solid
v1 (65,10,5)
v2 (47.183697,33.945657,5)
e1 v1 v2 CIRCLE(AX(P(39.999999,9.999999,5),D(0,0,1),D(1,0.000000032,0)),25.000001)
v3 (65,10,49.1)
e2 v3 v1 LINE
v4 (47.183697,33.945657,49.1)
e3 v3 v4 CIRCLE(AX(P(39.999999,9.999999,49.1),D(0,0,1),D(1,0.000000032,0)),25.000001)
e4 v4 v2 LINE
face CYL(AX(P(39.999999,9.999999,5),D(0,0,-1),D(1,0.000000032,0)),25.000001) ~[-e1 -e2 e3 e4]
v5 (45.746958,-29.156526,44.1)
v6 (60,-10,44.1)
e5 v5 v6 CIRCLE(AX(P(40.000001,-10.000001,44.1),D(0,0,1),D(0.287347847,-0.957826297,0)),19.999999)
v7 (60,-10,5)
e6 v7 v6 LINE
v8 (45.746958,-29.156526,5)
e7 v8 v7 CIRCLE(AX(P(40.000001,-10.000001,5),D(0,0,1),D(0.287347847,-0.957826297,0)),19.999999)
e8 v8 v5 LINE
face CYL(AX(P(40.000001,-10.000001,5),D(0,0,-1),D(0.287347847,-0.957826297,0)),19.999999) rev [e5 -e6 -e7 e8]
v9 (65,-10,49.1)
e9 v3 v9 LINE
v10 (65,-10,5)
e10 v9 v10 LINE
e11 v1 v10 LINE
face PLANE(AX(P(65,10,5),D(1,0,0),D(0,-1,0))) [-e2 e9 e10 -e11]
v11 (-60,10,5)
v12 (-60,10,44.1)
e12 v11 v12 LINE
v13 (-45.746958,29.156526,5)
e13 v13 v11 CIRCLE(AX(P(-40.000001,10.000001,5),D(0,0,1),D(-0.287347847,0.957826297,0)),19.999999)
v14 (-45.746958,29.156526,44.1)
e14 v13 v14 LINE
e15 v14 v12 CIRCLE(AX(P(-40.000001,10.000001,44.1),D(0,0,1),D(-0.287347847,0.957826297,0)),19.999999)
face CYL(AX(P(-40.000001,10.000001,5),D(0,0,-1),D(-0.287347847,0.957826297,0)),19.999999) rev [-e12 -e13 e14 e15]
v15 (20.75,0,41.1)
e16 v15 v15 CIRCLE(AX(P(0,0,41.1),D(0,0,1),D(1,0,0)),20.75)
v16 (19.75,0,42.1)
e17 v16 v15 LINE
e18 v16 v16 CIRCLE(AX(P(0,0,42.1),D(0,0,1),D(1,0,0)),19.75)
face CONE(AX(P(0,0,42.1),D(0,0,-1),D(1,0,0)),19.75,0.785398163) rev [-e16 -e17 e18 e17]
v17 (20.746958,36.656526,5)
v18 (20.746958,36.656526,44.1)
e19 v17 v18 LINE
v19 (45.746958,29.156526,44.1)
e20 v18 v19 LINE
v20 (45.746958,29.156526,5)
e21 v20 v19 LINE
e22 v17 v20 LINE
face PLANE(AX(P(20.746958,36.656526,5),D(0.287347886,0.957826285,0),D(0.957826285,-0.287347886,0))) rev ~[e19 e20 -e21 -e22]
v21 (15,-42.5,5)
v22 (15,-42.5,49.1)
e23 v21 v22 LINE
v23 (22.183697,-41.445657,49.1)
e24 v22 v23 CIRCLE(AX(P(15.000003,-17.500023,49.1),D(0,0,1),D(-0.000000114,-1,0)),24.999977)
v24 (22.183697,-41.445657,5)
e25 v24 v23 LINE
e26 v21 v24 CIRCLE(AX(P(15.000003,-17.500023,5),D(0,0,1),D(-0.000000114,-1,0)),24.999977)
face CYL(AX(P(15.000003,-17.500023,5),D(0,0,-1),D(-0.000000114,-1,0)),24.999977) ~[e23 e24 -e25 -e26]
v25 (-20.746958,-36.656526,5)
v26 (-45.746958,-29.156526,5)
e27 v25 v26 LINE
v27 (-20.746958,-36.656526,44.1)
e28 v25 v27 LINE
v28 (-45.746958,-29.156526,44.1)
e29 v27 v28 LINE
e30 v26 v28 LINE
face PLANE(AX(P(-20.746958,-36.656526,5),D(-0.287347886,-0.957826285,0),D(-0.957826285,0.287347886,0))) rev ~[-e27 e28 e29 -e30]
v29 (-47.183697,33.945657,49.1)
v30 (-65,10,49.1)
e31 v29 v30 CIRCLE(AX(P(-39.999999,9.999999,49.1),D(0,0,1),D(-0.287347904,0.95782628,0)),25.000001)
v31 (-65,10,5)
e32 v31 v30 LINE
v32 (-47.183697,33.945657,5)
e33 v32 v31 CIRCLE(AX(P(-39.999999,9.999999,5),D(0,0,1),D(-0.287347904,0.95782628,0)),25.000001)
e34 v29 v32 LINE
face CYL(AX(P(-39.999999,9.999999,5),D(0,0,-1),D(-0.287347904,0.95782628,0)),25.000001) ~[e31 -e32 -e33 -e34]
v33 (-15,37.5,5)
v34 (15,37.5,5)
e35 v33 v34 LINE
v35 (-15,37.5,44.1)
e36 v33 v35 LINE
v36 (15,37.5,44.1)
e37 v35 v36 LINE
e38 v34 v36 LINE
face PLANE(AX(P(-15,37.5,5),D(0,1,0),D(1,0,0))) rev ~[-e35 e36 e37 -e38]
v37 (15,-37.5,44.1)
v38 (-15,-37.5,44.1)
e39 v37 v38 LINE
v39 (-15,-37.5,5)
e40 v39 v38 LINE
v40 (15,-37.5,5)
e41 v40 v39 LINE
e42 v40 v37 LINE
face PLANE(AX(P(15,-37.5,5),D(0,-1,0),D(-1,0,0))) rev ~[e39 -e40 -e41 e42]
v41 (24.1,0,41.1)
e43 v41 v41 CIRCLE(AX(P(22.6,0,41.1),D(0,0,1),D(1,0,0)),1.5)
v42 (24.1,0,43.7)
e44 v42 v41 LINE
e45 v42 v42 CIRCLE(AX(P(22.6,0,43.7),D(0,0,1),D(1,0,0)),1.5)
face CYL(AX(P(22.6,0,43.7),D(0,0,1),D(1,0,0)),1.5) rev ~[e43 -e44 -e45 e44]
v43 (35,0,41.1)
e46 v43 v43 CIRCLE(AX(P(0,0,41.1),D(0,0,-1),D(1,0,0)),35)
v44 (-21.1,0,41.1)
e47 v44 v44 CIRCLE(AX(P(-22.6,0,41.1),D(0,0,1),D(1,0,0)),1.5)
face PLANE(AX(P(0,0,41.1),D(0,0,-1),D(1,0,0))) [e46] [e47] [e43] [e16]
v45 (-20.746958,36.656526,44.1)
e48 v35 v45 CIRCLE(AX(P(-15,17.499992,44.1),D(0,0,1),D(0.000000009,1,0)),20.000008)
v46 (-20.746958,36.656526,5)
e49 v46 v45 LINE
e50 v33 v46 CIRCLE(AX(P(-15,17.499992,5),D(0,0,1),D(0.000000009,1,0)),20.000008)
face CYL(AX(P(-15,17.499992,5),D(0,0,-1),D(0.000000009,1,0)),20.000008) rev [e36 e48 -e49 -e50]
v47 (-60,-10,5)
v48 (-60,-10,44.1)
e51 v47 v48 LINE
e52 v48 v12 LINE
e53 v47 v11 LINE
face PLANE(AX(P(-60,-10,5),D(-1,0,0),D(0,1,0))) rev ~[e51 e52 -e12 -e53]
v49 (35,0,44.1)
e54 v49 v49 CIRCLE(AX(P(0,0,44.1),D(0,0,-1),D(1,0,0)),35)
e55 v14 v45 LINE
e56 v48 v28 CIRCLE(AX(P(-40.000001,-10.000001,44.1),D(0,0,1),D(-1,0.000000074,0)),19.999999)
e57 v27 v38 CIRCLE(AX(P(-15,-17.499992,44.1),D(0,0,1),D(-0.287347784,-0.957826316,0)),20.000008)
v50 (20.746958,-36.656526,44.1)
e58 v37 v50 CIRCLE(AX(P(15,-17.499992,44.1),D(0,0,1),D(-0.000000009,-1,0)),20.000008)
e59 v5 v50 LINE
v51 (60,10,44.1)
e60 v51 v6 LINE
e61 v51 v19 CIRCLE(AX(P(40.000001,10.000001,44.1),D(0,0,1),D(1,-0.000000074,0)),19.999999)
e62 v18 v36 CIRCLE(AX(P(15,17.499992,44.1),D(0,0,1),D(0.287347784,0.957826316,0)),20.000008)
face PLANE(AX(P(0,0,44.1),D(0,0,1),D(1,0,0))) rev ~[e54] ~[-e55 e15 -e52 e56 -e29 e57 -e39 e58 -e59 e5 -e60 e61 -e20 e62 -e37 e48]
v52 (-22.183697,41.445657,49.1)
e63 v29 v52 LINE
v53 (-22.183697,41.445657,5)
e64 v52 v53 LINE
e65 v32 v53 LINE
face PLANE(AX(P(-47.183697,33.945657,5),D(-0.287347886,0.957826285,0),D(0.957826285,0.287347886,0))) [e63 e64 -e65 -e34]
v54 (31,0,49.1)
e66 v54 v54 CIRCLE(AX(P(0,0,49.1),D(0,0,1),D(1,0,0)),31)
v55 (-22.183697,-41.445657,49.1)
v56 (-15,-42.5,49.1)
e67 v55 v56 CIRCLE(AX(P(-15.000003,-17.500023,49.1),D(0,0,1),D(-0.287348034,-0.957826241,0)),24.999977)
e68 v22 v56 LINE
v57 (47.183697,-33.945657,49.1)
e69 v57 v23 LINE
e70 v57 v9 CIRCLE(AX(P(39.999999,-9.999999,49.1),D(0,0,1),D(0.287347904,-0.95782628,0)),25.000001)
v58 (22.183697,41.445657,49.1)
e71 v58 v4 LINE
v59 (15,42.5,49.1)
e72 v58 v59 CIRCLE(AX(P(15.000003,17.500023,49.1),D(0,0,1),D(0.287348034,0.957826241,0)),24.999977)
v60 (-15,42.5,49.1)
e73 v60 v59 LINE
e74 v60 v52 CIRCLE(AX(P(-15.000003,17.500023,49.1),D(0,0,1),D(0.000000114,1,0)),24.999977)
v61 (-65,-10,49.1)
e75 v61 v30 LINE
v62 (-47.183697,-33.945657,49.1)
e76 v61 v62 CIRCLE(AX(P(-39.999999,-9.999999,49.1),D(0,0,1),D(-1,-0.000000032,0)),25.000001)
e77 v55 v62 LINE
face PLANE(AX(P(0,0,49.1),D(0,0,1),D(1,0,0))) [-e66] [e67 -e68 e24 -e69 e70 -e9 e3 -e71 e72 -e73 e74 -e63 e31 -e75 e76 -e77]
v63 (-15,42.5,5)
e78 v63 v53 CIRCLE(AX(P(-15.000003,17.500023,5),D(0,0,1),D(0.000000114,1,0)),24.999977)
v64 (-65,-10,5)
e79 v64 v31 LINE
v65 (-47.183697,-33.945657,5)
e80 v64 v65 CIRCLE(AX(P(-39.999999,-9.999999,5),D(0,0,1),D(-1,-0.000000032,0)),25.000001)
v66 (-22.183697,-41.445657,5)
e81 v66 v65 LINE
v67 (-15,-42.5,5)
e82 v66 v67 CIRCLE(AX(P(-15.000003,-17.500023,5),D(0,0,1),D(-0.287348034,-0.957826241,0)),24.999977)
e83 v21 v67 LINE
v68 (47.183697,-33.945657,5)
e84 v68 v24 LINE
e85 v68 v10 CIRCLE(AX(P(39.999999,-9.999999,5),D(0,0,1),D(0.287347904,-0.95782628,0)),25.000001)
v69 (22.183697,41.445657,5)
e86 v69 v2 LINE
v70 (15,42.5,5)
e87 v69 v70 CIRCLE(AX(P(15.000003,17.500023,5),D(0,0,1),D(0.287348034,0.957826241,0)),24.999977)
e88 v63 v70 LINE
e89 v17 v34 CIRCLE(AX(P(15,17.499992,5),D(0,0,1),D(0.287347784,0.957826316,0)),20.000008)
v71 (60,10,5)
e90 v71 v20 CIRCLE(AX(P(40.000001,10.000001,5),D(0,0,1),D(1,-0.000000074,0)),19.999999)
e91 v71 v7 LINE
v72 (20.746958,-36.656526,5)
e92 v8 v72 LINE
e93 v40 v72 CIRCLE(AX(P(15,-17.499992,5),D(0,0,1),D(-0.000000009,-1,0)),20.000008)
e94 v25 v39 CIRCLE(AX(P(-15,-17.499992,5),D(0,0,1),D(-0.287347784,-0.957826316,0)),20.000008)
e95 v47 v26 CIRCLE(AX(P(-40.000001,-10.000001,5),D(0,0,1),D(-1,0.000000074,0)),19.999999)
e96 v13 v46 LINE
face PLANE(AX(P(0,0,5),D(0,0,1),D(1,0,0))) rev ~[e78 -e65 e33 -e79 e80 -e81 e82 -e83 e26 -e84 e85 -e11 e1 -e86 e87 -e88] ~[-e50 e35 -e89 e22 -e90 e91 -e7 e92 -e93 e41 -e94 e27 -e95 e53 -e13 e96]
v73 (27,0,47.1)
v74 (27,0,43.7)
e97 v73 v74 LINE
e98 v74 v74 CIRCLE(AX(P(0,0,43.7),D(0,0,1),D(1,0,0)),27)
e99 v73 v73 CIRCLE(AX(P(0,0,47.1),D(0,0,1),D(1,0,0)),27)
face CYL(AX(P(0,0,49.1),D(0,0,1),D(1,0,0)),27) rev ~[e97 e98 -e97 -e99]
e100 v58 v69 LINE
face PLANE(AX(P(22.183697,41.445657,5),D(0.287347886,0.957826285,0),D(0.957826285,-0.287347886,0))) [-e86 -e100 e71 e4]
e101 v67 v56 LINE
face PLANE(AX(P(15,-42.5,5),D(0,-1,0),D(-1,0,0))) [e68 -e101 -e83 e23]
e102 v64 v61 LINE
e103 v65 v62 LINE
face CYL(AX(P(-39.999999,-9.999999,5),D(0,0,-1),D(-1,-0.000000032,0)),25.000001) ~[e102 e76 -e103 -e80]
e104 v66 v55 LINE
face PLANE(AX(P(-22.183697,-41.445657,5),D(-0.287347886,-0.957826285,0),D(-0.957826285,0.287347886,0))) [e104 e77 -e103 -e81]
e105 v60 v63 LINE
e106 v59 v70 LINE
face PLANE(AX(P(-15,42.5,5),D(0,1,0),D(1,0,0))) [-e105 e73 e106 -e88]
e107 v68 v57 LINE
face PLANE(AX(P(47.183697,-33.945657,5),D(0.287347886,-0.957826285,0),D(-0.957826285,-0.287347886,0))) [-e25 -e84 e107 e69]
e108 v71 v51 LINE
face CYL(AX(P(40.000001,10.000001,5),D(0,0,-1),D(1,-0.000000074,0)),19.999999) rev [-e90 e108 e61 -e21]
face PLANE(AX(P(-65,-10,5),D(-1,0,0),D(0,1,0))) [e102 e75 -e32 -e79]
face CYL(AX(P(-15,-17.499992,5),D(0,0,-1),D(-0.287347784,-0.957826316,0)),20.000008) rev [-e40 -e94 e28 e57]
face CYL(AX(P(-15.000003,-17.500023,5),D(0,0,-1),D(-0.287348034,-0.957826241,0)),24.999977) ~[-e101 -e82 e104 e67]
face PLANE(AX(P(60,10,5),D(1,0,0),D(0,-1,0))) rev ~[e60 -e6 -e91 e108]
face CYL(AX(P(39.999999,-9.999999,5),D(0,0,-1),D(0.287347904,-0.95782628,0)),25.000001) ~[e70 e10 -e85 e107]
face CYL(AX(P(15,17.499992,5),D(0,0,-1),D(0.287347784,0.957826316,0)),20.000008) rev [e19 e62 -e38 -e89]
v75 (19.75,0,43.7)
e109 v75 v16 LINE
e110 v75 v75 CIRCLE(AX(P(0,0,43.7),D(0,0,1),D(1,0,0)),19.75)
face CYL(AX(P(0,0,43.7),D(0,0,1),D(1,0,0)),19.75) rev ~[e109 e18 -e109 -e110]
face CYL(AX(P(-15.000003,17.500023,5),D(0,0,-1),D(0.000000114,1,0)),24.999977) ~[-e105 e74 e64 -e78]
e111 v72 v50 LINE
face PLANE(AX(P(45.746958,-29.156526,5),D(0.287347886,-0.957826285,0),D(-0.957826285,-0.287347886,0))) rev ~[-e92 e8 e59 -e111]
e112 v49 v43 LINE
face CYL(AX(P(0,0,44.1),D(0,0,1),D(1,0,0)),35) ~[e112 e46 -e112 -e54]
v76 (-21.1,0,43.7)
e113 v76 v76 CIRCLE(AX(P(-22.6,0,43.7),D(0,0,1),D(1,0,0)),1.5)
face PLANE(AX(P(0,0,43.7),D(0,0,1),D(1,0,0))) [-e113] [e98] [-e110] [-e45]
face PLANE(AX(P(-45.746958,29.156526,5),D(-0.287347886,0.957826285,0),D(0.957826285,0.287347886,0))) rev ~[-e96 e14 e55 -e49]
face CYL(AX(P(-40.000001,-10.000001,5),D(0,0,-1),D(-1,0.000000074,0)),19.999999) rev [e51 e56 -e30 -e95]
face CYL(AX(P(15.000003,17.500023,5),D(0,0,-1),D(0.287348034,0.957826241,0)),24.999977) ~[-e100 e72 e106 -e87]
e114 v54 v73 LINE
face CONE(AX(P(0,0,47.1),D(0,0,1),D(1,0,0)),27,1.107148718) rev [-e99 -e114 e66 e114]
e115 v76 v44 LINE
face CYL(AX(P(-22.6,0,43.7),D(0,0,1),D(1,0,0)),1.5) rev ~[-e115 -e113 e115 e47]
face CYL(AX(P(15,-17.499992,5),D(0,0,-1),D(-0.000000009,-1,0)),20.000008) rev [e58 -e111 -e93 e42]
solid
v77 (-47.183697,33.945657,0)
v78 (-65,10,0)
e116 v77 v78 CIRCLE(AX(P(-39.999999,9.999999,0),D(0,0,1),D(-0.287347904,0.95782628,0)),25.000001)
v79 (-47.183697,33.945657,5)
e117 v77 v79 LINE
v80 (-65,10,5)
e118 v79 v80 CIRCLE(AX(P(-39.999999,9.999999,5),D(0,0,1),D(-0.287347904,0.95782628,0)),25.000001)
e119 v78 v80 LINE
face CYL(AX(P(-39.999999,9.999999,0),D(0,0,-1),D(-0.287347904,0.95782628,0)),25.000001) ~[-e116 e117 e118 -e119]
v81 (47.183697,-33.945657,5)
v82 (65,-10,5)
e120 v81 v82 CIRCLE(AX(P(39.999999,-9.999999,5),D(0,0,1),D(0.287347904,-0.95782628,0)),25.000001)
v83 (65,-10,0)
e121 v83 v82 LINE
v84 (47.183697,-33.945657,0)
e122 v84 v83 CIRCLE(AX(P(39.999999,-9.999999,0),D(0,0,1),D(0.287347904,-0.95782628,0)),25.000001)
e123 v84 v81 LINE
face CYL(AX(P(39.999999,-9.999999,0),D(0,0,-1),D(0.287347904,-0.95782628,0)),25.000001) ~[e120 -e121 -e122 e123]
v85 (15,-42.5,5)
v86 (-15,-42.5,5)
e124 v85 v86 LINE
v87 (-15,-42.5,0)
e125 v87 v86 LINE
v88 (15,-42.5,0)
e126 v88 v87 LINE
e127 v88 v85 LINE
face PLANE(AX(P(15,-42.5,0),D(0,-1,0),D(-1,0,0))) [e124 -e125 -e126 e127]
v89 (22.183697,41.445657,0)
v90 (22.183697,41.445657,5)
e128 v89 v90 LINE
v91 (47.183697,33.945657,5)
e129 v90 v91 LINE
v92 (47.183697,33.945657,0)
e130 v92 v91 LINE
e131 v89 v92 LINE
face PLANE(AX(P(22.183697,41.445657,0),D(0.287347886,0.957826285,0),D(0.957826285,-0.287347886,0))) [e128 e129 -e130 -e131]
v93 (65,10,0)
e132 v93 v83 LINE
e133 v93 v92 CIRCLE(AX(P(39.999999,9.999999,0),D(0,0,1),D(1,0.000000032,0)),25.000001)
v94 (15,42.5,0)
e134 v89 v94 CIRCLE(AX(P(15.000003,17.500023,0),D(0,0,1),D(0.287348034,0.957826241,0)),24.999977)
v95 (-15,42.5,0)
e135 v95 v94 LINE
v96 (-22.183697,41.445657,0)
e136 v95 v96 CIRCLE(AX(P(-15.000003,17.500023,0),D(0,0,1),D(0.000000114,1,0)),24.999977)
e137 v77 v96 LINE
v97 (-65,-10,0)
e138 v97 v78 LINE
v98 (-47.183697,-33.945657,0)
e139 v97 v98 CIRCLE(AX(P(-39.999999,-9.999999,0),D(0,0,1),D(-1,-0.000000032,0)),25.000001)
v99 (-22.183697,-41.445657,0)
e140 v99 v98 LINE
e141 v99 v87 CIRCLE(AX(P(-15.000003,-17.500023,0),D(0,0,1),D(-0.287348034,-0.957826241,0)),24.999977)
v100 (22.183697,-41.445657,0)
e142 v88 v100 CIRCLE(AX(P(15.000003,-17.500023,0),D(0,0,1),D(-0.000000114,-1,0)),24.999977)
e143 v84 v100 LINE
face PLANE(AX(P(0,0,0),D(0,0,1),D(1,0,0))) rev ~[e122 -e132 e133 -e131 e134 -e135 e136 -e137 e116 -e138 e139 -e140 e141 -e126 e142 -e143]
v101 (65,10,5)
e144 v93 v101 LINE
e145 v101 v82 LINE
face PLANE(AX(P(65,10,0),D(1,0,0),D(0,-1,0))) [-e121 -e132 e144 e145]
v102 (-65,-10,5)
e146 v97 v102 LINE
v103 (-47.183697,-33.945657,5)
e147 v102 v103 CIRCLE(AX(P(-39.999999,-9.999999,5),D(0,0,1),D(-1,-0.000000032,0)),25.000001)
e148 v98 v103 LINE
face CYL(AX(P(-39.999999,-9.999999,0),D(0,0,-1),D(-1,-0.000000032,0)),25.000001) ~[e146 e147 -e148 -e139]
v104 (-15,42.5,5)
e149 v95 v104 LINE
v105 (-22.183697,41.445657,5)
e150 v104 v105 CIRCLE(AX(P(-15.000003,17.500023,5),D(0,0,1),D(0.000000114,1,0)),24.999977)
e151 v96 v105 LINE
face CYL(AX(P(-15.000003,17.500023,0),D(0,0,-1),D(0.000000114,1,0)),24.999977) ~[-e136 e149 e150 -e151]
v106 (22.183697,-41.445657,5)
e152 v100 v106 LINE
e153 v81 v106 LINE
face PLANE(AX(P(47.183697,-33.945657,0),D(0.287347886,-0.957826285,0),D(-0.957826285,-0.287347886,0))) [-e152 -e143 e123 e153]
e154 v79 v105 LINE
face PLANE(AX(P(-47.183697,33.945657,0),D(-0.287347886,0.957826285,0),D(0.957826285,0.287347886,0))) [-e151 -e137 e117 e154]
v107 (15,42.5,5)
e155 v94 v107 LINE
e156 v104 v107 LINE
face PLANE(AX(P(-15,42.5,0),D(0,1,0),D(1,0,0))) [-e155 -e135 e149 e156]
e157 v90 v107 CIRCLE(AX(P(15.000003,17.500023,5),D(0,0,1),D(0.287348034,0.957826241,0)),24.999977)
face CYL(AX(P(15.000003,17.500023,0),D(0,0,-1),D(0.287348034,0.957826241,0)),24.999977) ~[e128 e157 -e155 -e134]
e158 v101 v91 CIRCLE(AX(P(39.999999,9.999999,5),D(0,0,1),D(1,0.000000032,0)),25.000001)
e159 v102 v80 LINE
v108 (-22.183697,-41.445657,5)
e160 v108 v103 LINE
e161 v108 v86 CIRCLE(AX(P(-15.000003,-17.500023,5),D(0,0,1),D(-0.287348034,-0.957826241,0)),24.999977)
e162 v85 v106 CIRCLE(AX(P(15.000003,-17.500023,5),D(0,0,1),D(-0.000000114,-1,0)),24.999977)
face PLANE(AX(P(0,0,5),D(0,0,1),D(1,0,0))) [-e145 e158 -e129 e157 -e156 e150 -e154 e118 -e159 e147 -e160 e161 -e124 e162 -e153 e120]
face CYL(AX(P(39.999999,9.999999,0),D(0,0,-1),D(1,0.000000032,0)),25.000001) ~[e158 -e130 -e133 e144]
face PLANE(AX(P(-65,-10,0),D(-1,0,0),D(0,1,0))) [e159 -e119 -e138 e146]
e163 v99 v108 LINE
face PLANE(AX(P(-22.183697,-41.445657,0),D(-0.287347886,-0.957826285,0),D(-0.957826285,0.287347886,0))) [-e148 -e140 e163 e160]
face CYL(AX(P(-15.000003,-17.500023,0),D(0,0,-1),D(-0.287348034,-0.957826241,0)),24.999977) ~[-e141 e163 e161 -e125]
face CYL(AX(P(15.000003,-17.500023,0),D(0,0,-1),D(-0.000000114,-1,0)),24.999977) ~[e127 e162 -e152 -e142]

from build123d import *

# Parameters (mm, degrees)
PAD002_DEPTH    = 5
SKETCH019_R     = 35
PAD003_DEPTH    = 3
PAD001_DEPTH    = 39.1
SKETCH018_R     = 27
POCKET_DEPTH    = 5.4
SKETCH020_R     = 19.75
SKETCH020_R_2   = 1.5
POCKET001_DEPTH = 10
CHAMFER_SIZE2   = 2
CHAMFER_SIZE    = 4
CHAMFER001_SIZE = 1
PAD_DEPTH       = 5


with BuildPart() as body:
    # Sketch017 (on Sketch) → Pad002 (new body)
    with BuildSketch(Plane.XY.offset(44.1)):
        with BuildLine():
            ThreePointArc((-47.183697, 33.945657), (-60.057323, 24.923263), (-65, 10))
            Line((-65, -10), (-65, 10))
            ThreePointArc((-65, -10), (-60.057323, -24.923263), (-47.183697, -33.945657))
            Line((-22.183697, -41.445657), (-47.183697, -33.945657))
            ThreePointArc((-22.183697, -41.445657), (-18.630329, -42.23501), (-15, -42.5))
            Line((15, -42.5), (-15, -42.5))
            ThreePointArc((15, -42.5), (18.630329, -42.23501), (22.183697, -41.445657))
            Line((47.183697, -33.945657), (22.183697, -41.445657))
            ThreePointArc((47.183697, -33.945657), (60.057323, -24.923263), (65, -10))
            Line((65, 10), (65, -10))
            ThreePointArc((65, 10), (60.057323, 24.923263), (47.183697, 33.945657))
            Line((22.183697, 41.445657), (47.183697, 33.945657))
            ThreePointArc((22.183697, 41.445657), (18.630329, 42.23501), (15, 42.5))
            Line((-15, 42.5), (15, 42.5))
            ThreePointArc((-15, 42.5), (-18.630329, 42.23501), (-22.183697, 41.445657))
            Line((-47.183697, 33.945657), (-22.183697, 41.445657))
        make_face()
    extrude(amount=PAD002_DEPTH)

    # Sketch019 (on Face17 of Pad002) → Pad003 (join)
    with BuildSketch(Plane(origin=(0, 0, 44.1), x_dir=(1, 0, 0), z_dir=(0, 0, -1))):
        Circle(SKETCH019_R)
    extrude(amount=PAD003_DEPTH)

    # Sketch015 (on Sketch) → Pad001 (join)
    with BuildSketch(Plane.XY.offset(5)):
        with BuildLine():
            ThreePointArc((-47.183697, 33.945657), (-60.057323, 24.923263), (-65, 10))
            Line((-65, -10), (-65, 10))
            ThreePointArc((-65, -10), (-60.057323, -24.923263), (-47.183697, -33.945657))
            Line((-22.183697, -41.445657), (-47.183697, -33.945657))
            ThreePointArc((-22.183697, -41.445657), (-18.630329, -42.23501), (-15, -42.5))
            Line((15, -42.5), (-15, -42.5))
            ThreePointArc((15, -42.5), (18.630329, -42.23501), (22.183697, -41.445657))
            Line((47.183697, -33.945657), (22.183697, -41.445657))
            ThreePointArc((47.183697, -33.945657), (60.057323, -24.923263), (65, -10))
            Line((65, 10), (65, -10))
            ThreePointArc((65, 10), (60.057323, 24.923263), (47.183697, 33.945657))
            Line((22.183697, 41.445657), (47.183697, 33.945657))
            ThreePointArc((22.183697, 41.445657), (18.630329, 42.23501), (15, 42.5))
            Line((-15, 42.5), (15, 42.5))
            ThreePointArc((-15, 42.5), (-18.630329, 42.23501), (-22.183697, 41.445657))
            Line((-47.183697, 33.945657), (-22.183697, 41.445657))
        make_face()
        with BuildLine():
            Line((-45.746958, 29.156526), (-20.746958, 36.656526))
            ThreePointArc((-15, 37.5), (-17.904263, 37.288008), (-20.746958, 36.656526))
            Line((-15, 37.5), (15, 37.5))
            ThreePointArc((20.746958, 36.656526), (17.904263, 37.288008), (15, 37.5))
            Line((20.746958, 36.656526), (45.746958, 29.156526))
            ThreePointArc((60, 10), (56.045859, 21.938611), (45.746958, 29.156526))
            Line((60, 10), (60, -10))
            ThreePointArc((45.746958, -29.156526), (56.045859, -21.938611), (60, -10))
            Line((45.746958, -29.156526), (20.746958, -36.656526))
            ThreePointArc((15, -37.5), (17.904263, -37.288008), (20.746958, -36.656526))
            Line((15, -37.5), (-15, -37.5))
            ThreePointArc((-20.746958, -36.656526), (-17.904263, -37.288008), (-15, -37.5))
            Line((-20.746958, -36.656526), (-45.746958, -29.156526))
            ThreePointArc((-60, -10), (-56.045859, -21.938611), (-45.746958, -29.156526))
            Line((-60, -10), (-60, 10))
            ThreePointArc((-45.746958, 29.156526), (-56.045859, 21.938611), (-60, 10))
        make_face(mode=Mode.SUBTRACT)
    extrude(amount=PAD001_DEPTH)

    # Sketch018 (on Face18 of Pad002) → Pocket (cut)
    with BuildSketch(Plane.XY.offset(49.1)):
        Circle(SKETCH018_R)
    extrude(amount=-POCKET_DEPTH, mode=Mode.SUBTRACT)

    # Sketch020 (on Face52 of Pocket) → Pocket001 (cut)
    with BuildSketch(Plane.XY.offset(43.7)):
        Circle(SKETCH020_R)
        with Locations((-22.6, 0)):
            Circle(SKETCH020_R_2)
        with Locations((22.6, 0)):
            Circle(SKETCH020_R_2)
    extrude(amount=-POCKET001_DEPTH, mode=Mode.SUBTRACT)

    # Chamfer
    chamfer_edges = [body.edges().sort_by_distance(p)[0] for p in [
        (-27, 0, 49.1),
    ]]
    chamfer_side = body.faces().sort_by_distance((-58.811184, 23.996097, 49.1))[0]
    chamfer(chamfer_edges, length=CHAMFER_SIZE, length2=CHAMFER_SIZE2, reference=chamfer_side)

    # Chamfer001
    chamfer001_edges = [body.edges().sort_by_distance(p)[0] for p in [
        (-19.75, 0, 41.1),
    ]]
    chamfer(chamfer001_edges, length=CHAMFER001_SIZE)


with BuildPart() as baseplate:
    # Sketch023 (on Sketch) → Pad (new body)
    with BuildSketch(Plane.XY):
        with BuildLine():
            ThreePointArc((-47.183697, 33.945657), (-60.057323, 24.923263), (-65, 10))
            Line((-65, -10), (-65, 10))
            ThreePointArc((-65, -10), (-60.057323, -24.923263), (-47.183697, -33.945657))
            Line((-22.183697, -41.445657), (-47.183697, -33.945657))
            ThreePointArc((-22.183697, -41.445657), (-18.630329, -42.23501), (-15, -42.5))
            Line((15, -42.5), (-15, -42.5))
            ThreePointArc((15, -42.5), (18.630329, -42.23501), (22.183697, -41.445657))
            Line((47.183697, -33.945657), (22.183697, -41.445657))
            ThreePointArc((47.183697, -33.945657), (60.057323, -24.923263), (65, -10))
            Line((65, 10), (65, -10))
            ThreePointArc((65, 10), (60.057323, 24.923263), (47.183697, 33.945657))
            Line((22.183697, 41.445657), (47.183697, 33.945657))
            ThreePointArc((22.183697, 41.445657), (18.630329, 42.23501), (15, 42.5))
            Line((-15, 42.5), (15, 42.5))
            ThreePointArc((-15, 42.5), (-18.630329, 42.23501), (-22.183697, 41.445657))
            Line((-47.183697, 33.945657), (-22.183697, 41.445657))
        make_face()
    extrude(amount=PAD_DEPTH)


solid = Compound([body.part, baseplate.part])
